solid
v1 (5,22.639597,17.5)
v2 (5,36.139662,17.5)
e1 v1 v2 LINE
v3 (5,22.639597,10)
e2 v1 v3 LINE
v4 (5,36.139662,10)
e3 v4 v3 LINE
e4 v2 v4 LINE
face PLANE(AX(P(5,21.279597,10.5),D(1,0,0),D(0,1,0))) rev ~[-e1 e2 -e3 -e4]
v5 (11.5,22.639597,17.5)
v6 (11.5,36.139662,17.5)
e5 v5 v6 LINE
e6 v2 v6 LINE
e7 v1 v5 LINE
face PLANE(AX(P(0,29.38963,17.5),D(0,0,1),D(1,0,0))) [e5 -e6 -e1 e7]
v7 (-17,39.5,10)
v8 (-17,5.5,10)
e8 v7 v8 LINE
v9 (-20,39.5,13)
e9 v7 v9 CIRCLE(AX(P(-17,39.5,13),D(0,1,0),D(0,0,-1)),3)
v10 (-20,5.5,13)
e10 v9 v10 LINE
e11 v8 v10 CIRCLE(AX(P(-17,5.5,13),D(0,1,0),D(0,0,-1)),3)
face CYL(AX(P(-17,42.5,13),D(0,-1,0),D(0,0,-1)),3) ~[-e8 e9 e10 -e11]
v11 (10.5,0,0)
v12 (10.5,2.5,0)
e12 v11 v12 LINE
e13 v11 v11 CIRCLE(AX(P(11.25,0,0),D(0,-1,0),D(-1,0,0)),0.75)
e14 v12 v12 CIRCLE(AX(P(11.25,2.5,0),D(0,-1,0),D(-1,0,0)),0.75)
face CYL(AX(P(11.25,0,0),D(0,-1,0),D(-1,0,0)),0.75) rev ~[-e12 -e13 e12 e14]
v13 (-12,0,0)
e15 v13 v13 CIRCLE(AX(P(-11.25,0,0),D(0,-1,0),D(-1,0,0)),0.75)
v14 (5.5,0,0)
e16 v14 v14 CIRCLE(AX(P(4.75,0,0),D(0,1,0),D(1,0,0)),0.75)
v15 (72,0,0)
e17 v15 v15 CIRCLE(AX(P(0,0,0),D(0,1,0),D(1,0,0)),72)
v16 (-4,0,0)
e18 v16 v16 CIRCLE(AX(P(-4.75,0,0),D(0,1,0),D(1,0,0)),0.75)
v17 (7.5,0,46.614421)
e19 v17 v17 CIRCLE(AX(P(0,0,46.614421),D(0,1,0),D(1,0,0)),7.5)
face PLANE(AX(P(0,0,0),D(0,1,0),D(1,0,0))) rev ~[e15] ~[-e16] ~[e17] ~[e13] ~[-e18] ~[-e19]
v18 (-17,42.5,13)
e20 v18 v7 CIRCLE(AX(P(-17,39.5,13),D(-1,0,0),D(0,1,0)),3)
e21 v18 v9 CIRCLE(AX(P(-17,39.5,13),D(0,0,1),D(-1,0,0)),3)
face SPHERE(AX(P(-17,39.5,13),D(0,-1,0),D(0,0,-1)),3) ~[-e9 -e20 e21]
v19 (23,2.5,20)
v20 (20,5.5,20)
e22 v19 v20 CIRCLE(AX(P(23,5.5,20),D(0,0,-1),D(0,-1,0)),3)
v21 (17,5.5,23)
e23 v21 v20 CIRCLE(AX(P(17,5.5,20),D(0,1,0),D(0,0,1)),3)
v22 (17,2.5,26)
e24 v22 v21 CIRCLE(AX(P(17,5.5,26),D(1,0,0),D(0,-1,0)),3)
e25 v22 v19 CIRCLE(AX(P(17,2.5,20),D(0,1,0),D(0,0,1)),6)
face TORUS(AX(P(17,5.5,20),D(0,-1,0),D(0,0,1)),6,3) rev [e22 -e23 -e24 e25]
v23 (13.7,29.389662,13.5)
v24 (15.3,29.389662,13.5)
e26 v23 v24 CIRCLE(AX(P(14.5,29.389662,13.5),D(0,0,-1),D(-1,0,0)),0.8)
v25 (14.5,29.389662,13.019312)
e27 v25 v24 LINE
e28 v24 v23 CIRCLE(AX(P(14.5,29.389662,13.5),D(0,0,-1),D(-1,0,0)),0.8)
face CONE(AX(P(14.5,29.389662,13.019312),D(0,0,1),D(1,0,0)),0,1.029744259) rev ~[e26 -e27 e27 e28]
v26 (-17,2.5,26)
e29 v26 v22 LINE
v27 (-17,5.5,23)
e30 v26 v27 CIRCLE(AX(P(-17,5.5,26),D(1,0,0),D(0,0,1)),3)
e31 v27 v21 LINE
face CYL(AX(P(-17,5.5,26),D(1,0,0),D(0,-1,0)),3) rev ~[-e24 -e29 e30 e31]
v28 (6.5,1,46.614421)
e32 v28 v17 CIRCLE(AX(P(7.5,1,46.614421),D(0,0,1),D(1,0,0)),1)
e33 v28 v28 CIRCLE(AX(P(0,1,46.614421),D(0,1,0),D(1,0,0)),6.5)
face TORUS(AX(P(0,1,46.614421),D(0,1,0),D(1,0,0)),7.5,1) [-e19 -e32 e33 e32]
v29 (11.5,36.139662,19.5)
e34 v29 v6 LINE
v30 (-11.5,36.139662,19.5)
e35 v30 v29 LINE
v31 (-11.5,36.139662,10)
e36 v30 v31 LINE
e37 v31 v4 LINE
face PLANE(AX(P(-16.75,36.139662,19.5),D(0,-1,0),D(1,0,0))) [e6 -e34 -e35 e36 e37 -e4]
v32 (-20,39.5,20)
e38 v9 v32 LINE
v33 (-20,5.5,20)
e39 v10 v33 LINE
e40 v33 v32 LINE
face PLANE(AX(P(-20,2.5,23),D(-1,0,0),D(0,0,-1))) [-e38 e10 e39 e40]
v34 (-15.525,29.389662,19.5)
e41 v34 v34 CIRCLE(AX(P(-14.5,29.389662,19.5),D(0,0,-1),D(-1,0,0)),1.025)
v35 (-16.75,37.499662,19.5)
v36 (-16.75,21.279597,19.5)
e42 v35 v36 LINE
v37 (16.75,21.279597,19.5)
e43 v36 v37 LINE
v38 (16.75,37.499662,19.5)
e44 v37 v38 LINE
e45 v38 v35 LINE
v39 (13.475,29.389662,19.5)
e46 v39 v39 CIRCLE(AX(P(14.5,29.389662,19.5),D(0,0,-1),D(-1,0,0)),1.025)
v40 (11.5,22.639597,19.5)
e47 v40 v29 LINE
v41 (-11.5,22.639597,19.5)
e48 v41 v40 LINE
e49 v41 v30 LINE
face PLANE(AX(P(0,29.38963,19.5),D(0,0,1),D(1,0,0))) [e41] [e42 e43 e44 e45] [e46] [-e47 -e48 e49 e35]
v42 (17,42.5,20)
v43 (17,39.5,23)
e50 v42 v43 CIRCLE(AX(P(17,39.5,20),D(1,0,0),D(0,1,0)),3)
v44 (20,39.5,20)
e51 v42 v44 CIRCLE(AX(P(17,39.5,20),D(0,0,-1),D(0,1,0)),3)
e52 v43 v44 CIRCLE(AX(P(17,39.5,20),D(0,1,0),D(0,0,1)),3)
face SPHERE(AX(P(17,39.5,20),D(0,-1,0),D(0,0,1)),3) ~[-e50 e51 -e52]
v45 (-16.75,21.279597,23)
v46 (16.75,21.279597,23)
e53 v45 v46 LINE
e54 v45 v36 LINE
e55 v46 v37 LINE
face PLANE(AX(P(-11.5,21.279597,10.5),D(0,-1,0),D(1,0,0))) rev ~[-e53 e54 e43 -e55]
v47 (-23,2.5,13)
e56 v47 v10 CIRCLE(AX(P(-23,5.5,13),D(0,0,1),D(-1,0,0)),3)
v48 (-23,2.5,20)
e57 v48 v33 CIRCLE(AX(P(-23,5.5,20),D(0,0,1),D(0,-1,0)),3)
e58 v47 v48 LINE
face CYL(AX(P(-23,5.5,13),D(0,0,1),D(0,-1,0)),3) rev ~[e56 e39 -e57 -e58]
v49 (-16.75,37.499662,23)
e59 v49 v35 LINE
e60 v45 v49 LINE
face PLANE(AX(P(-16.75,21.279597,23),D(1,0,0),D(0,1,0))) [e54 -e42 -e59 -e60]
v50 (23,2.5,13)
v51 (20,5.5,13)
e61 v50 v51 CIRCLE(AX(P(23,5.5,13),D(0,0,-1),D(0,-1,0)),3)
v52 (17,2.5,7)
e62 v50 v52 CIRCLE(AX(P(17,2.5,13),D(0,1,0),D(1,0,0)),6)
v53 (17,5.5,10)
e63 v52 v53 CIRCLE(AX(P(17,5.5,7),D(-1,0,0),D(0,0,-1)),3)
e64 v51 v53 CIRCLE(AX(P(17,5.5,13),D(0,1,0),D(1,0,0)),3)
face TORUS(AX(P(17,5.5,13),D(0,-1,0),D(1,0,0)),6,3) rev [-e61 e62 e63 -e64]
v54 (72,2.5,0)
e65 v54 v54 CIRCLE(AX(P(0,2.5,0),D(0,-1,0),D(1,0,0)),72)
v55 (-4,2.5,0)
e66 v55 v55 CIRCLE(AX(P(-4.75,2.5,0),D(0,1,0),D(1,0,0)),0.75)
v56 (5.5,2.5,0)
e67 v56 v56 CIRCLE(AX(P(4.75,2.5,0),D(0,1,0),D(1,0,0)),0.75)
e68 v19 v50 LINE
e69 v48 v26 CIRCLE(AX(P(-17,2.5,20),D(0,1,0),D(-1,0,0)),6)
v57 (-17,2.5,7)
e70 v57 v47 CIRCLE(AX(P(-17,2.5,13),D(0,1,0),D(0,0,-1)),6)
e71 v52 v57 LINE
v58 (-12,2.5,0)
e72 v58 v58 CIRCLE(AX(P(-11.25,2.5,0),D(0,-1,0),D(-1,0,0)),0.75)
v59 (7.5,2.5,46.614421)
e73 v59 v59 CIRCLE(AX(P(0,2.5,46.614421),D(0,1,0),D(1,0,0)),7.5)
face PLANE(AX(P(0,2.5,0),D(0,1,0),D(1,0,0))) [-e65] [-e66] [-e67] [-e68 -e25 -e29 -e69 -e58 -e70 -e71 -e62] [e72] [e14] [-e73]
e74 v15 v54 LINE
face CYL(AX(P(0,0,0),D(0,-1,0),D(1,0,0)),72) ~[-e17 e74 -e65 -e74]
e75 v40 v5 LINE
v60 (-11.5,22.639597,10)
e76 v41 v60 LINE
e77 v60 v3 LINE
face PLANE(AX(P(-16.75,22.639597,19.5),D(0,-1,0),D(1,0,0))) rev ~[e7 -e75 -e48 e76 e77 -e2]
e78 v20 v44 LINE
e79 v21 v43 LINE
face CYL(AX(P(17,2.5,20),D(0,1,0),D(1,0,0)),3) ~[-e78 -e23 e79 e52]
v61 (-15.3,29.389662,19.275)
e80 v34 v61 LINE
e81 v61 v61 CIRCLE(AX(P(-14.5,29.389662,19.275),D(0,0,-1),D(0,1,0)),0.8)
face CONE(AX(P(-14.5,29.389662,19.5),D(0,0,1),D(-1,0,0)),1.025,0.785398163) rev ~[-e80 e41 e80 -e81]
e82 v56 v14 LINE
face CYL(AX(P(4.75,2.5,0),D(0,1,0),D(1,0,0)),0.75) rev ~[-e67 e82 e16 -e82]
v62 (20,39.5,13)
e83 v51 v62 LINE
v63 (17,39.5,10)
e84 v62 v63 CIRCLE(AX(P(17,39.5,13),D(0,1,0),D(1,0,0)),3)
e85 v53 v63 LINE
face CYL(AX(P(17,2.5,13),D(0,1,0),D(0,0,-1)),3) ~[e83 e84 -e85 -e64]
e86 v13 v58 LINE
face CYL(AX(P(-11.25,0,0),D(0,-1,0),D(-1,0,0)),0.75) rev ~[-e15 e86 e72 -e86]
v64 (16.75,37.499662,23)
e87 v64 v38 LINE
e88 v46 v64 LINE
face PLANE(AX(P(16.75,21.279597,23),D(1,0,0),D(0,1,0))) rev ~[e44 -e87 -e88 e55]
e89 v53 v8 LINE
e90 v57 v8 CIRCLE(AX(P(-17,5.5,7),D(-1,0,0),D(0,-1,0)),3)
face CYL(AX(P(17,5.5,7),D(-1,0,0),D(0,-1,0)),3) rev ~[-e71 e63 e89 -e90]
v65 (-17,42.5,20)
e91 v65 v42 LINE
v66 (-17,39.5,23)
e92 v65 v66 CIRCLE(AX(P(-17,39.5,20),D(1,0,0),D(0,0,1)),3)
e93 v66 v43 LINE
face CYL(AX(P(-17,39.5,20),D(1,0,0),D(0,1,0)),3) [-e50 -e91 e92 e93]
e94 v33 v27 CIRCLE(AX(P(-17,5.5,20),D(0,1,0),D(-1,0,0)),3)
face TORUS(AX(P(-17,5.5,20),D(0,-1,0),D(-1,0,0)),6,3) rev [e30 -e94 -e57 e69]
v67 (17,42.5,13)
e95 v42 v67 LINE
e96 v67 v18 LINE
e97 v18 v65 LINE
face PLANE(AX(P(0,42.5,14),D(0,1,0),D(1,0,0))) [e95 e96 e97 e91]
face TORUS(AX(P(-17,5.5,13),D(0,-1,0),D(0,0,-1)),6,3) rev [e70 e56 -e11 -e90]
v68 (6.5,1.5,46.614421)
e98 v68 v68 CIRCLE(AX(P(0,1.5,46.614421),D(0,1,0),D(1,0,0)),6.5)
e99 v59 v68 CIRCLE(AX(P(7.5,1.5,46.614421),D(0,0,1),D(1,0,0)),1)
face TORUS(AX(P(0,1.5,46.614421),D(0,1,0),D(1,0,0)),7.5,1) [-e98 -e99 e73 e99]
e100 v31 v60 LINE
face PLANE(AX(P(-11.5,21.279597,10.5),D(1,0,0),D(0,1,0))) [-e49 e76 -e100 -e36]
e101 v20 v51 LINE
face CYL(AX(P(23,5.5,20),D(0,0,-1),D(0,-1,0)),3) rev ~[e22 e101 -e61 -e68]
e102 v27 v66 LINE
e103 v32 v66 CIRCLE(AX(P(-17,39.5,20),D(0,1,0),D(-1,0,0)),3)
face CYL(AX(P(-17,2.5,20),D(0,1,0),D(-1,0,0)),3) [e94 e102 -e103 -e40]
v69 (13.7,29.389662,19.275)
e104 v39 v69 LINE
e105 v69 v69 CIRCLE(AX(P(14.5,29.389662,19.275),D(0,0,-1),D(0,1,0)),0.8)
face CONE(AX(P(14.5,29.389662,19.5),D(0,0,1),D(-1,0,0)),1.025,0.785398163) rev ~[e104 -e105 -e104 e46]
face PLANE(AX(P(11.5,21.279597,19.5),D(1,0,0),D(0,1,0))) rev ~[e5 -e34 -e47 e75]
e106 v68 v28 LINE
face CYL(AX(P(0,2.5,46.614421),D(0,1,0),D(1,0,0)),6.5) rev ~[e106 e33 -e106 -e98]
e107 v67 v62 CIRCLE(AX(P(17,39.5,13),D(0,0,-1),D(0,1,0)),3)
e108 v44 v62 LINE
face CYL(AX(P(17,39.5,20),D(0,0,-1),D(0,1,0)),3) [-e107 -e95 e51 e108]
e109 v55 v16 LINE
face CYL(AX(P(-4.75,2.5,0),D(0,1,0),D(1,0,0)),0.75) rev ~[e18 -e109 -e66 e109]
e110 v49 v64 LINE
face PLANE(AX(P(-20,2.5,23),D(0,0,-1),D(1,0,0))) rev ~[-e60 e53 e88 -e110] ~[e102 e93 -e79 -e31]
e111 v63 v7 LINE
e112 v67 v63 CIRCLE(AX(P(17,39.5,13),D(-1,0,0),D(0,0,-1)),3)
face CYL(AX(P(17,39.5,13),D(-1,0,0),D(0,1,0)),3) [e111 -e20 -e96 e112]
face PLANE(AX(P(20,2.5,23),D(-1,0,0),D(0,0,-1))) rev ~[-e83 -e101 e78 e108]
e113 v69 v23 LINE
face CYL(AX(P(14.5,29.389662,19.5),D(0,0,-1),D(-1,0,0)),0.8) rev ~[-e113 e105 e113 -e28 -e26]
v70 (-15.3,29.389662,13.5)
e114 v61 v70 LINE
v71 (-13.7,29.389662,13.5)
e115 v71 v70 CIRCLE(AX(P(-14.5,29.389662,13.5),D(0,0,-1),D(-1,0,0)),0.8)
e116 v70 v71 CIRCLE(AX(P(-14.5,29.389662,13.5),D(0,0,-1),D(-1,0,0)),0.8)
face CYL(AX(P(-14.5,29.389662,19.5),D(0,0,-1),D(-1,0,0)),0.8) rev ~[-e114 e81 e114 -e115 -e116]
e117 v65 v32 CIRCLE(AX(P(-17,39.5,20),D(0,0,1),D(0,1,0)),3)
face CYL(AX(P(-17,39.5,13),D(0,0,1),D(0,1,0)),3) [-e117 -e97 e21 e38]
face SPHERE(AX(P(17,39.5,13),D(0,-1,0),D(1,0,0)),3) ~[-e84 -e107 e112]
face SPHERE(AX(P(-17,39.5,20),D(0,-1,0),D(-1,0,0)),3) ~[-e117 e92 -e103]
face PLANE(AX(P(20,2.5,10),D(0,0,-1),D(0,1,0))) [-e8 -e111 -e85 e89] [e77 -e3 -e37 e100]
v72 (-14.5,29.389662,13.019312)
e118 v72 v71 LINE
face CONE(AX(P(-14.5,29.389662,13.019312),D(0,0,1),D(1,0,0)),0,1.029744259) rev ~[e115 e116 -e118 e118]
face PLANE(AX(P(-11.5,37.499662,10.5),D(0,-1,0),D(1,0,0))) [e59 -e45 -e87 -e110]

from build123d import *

# Parameters (mm, degrees)
SKETCH1_R                       = 72
BOSS_EXTRUDE1_DEPTH             = 2.5
SKETCH2_R                       = 0.75
CUT_EXTRUDE1_DEPTH              = 2.5
SKETCH5_W                       = 40
SKETCH5_H                       = 18
BOSS_EXTRUDE3_DEPTH             = 40
SKETCH6_W                       = 33.5
SKETCH6_H                       = 16.220064856
CUT_EXTRUDE2_DEPTH              = 3.5
SKETCH7_W                       = 23
SKETCH7_H                       = 16.220064856
CUT_EXTRUDE3_DEPTH              = 2
SKETCH8_W                       = 16.5
SKETCH8_H                       = 16.220064856
CUT_EXTRUDE4_DEPTH              = 7
SKETCH9_W                       = 5
SKETCH9_H                       = 40
CUT_EXTRUDE5_DEPTH              = 93
SKETCH10_W                      = 16.5
SKETCH10_H                      = 16.220064856
CUT_EXTRUDE6_DEPTH              = 83.5
SKETCH13_W                      = 33.5
SKETCH13_H                      = 1.36
BOSS_EXTRUDE4_DEPTH             = 9.5
M2X0_4_TAPPED_HOLE1_D           = 1.6
M2X0_4_TAPPED_HOLE1_DEPTH       = 6
M2X0_4_TAPPED_HOLE1_CSINK_D     = 2.05
M2X0_4_TAPPED_HOLE1_CSINK_ANGLE = 90
M2X0_4_TAPPED_HOLE1_TIP         = 0.480688495
FILLET1_R                       = 3
FILLET2_R                       = 3
FILLET3_R                       = 3
SKETCH16_R                      = 6.5
CUT_EXTRUDE7_DEPTH              = 3.5
FILLET4_R                       = 1
SKETCH17_R                      = 0.75
CUT_EXTRUDE8_DEPTH              = 3.5


with BuildPart() as part:
    # Sketch1 → Boss-Extrude1 (new body)
    with BuildSketch(Plane(origin=(0, 0, 0), x_dir=(1, 0, 0), z_dir=(0, 1, 0))):
        Circle(SKETCH1_R)
    extrude(amount=BOSS_EXTRUDE1_DEPTH)

    # Sketch2 → Cut-Extrude1 (cut)
    with BuildSketch(Plane(origin=(0, 0, 0), x_dir=(-1, 0, 0), z_dir=(0, -1, 0))):
        with Locations((-11.25, 0)):
            Circle(SKETCH2_R)
        with Locations((11.25, 0)):
            Circle(SKETCH2_R)
    extrude(amount=-CUT_EXTRUDE1_DEPTH, mode=Mode.SUBTRACT)

    # Sketch5 → Boss-Extrude3 (add)
    with BuildSketch(Plane(origin=(0, 2.5, 0), x_dir=(1, 0, 0), z_dir=(0, 1, 0))):
        with Locations((0, -14)):
            Rectangle(SKETCH5_W, SKETCH5_H)
    extrude(amount=BOSS_EXTRUDE3_DEPTH)

    # Sketch6 → Cut-Extrude2 (cut)
    with BuildSketch(Plane.XY.offset(23)):
        with Locations((0, 29.389629851)):
            Rectangle(SKETCH6_W, SKETCH6_H)
    extrude(amount=-CUT_EXTRUDE2_DEPTH, mode=Mode.SUBTRACT)

    # Sketch7 → Cut-Extrude3 (cut)
    with BuildSketch(Plane.XY.offset(19.5)):
        with Locations((0, 29.389629851)):
            Rectangle(SKETCH7_W, SKETCH7_H)
    extrude(amount=-CUT_EXTRUDE3_DEPTH, mode=Mode.SUBTRACT)

    # Sketch8 → Cut-Extrude4 (cut)
    with BuildSketch(Plane.XY.offset(17.5)):
        with Locations((-3.25, 29.389629851)):
            Rectangle(SKETCH8_W, SKETCH8_H)
    extrude(amount=-CUT_EXTRUDE4_DEPTH, mode=Mode.SUBTRACT)

    # Sketch9 → Cut-Extrude5 (cut, through all)
    with BuildSketch(Plane(origin=(20, 0, 0), x_dir=(0, 0, -1), z_dir=(1, 0, 0))):
        with Locations((-7.5, 22.5)):
            Rectangle(SKETCH9_W, SKETCH9_H)
    extrude(amount=-CUT_EXTRUDE5_DEPTH, mode=Mode.SUBTRACT)

    # Sketch10 → Cut-Extrude6 (cut, through all)
    with BuildSketch(Plane.XY.offset(10.5)):
        with Locations((-3.25, 29.389629851)):
            Rectangle(SKETCH10_W, SKETCH10_H)
    extrude(amount=-CUT_EXTRUDE6_DEPTH, mode=Mode.SUBTRACT)

    # Sketch13 → Boss-Extrude4 (add)
    with BuildSketch(Plane.XY.offset(19.5)):
        with Locations((0, 36.819662279)):
            Rectangle(SKETCH13_W, SKETCH13_H)
        with Locations((0, 21.959597423)):
            Rectangle(SKETCH13_W, SKETCH13_H)
    extrude(amount=-BOSS_EXTRUDE4_DEPTH)

    # M2x0.4 Tapped Hole1
    with Locations(Plane.XY.offset(19.5)):
        with Locations((14.5, 29.389662279), (-14.5, 29.389662279)):
            CounterSinkHole(M2X0_4_TAPPED_HOLE1_D / 2, M2X0_4_TAPPED_HOLE1_CSINK_D / 2, depth=M2X0_4_TAPPED_HOLE1_DEPTH, counter_sink_angle=M2X0_4_TAPPED_HOLE1_CSINK_ANGLE)
            with Locations((0, 0, -(M2X0_4_TAPPED_HOLE1_DEPTH + M2X0_4_TAPPED_HOLE1_TIP / 2))):  # 118° drill point
                Cone(0, M2X0_4_TAPPED_HOLE1_D / 2, M2X0_4_TAPPED_HOLE1_TIP, mode=Mode.SUBTRACT)

    # Fillet1
    fillet1_edges = [part.edges().sort_by_distance(p)[0] for p in [
        (-20, 22.5, 23),
        (20, 22.5, 23),
        (-20, 22.5, 10),
        (20, 22.5, 10),
    ]]
    fillet(fillet1_edges, radius=FILLET1_R)

    # Fillet2
    fillet2_edges = [part.edges().sort_by_distance(p)[0] for p in [
        (20, 2.5, 16.5),
        (0, 2.5, 23),
        (-20, 2.5, 16.5),
        (0, 2.5, 10),
        (19.121320344, 2.5, 22.121320344),
        (-19.121320344, 2.5, 22.121320344),
        (-19.121320344, 2.5, 10.878679656),
        (19.121320344, 2.5, 10.878679656),
    ]]
    fillet(fillet2_edges, radius=FILLET2_R)

    # Fillet3
    fillet3_edges = [part.edges().sort_by_distance(p)[0] for p in [
        (20, 42.5, 16.5),
        (0, 42.5, 23),
        (0, 42.5, 10),
        (-20, 42.5, 16.5),
        (19.121320344, 42.5, 10.878679656),
        (-19.121320344, 42.5, 10.878679656),
        (-19.121320344, 42.5, 22.121320344),
        (19.121320344, 42.5, 22.121320344),
    ]]
    fillet(fillet3_edges, radius=FILLET3_R)

    # Sketch16 → Cut-Extrude7 (cut, through all)
    with BuildSketch(Plane(origin=(0, 2.5, 0), x_dir=(1, 0, 0), z_dir=(0, 1, 0))):
        with Locations((0, -46.614420622)):
            Circle(SKETCH16_R)
    extrude(amount=-CUT_EXTRUDE7_DEPTH, mode=Mode.SUBTRACT)

    # Fillet4
    fillet4_edges = [part.edges().sort_by_distance(p)[0] for p in [
        (-6.5, 0, 46.614420622),
        (-6.5, 2.5, 46.614420622),
    ]]
    fillet(fillet4_edges, radius=FILLET4_R)

    # Sketch17 → Cut-Extrude8 (cut, through all)
    with BuildSketch(Plane(origin=(0, 2.5, 0), x_dir=(1, 0, 0), z_dir=(0, 1, 0))):
        with Locations((4.75, 0)):
            Circle(SKETCH17_R)
        with Locations((-4.75, 0)):
            Circle(SKETCH17_R)
    extrude(amount=-CUT_EXTRUDE8_DEPTH, mode=Mode.SUBTRACT)


solid = part.part
